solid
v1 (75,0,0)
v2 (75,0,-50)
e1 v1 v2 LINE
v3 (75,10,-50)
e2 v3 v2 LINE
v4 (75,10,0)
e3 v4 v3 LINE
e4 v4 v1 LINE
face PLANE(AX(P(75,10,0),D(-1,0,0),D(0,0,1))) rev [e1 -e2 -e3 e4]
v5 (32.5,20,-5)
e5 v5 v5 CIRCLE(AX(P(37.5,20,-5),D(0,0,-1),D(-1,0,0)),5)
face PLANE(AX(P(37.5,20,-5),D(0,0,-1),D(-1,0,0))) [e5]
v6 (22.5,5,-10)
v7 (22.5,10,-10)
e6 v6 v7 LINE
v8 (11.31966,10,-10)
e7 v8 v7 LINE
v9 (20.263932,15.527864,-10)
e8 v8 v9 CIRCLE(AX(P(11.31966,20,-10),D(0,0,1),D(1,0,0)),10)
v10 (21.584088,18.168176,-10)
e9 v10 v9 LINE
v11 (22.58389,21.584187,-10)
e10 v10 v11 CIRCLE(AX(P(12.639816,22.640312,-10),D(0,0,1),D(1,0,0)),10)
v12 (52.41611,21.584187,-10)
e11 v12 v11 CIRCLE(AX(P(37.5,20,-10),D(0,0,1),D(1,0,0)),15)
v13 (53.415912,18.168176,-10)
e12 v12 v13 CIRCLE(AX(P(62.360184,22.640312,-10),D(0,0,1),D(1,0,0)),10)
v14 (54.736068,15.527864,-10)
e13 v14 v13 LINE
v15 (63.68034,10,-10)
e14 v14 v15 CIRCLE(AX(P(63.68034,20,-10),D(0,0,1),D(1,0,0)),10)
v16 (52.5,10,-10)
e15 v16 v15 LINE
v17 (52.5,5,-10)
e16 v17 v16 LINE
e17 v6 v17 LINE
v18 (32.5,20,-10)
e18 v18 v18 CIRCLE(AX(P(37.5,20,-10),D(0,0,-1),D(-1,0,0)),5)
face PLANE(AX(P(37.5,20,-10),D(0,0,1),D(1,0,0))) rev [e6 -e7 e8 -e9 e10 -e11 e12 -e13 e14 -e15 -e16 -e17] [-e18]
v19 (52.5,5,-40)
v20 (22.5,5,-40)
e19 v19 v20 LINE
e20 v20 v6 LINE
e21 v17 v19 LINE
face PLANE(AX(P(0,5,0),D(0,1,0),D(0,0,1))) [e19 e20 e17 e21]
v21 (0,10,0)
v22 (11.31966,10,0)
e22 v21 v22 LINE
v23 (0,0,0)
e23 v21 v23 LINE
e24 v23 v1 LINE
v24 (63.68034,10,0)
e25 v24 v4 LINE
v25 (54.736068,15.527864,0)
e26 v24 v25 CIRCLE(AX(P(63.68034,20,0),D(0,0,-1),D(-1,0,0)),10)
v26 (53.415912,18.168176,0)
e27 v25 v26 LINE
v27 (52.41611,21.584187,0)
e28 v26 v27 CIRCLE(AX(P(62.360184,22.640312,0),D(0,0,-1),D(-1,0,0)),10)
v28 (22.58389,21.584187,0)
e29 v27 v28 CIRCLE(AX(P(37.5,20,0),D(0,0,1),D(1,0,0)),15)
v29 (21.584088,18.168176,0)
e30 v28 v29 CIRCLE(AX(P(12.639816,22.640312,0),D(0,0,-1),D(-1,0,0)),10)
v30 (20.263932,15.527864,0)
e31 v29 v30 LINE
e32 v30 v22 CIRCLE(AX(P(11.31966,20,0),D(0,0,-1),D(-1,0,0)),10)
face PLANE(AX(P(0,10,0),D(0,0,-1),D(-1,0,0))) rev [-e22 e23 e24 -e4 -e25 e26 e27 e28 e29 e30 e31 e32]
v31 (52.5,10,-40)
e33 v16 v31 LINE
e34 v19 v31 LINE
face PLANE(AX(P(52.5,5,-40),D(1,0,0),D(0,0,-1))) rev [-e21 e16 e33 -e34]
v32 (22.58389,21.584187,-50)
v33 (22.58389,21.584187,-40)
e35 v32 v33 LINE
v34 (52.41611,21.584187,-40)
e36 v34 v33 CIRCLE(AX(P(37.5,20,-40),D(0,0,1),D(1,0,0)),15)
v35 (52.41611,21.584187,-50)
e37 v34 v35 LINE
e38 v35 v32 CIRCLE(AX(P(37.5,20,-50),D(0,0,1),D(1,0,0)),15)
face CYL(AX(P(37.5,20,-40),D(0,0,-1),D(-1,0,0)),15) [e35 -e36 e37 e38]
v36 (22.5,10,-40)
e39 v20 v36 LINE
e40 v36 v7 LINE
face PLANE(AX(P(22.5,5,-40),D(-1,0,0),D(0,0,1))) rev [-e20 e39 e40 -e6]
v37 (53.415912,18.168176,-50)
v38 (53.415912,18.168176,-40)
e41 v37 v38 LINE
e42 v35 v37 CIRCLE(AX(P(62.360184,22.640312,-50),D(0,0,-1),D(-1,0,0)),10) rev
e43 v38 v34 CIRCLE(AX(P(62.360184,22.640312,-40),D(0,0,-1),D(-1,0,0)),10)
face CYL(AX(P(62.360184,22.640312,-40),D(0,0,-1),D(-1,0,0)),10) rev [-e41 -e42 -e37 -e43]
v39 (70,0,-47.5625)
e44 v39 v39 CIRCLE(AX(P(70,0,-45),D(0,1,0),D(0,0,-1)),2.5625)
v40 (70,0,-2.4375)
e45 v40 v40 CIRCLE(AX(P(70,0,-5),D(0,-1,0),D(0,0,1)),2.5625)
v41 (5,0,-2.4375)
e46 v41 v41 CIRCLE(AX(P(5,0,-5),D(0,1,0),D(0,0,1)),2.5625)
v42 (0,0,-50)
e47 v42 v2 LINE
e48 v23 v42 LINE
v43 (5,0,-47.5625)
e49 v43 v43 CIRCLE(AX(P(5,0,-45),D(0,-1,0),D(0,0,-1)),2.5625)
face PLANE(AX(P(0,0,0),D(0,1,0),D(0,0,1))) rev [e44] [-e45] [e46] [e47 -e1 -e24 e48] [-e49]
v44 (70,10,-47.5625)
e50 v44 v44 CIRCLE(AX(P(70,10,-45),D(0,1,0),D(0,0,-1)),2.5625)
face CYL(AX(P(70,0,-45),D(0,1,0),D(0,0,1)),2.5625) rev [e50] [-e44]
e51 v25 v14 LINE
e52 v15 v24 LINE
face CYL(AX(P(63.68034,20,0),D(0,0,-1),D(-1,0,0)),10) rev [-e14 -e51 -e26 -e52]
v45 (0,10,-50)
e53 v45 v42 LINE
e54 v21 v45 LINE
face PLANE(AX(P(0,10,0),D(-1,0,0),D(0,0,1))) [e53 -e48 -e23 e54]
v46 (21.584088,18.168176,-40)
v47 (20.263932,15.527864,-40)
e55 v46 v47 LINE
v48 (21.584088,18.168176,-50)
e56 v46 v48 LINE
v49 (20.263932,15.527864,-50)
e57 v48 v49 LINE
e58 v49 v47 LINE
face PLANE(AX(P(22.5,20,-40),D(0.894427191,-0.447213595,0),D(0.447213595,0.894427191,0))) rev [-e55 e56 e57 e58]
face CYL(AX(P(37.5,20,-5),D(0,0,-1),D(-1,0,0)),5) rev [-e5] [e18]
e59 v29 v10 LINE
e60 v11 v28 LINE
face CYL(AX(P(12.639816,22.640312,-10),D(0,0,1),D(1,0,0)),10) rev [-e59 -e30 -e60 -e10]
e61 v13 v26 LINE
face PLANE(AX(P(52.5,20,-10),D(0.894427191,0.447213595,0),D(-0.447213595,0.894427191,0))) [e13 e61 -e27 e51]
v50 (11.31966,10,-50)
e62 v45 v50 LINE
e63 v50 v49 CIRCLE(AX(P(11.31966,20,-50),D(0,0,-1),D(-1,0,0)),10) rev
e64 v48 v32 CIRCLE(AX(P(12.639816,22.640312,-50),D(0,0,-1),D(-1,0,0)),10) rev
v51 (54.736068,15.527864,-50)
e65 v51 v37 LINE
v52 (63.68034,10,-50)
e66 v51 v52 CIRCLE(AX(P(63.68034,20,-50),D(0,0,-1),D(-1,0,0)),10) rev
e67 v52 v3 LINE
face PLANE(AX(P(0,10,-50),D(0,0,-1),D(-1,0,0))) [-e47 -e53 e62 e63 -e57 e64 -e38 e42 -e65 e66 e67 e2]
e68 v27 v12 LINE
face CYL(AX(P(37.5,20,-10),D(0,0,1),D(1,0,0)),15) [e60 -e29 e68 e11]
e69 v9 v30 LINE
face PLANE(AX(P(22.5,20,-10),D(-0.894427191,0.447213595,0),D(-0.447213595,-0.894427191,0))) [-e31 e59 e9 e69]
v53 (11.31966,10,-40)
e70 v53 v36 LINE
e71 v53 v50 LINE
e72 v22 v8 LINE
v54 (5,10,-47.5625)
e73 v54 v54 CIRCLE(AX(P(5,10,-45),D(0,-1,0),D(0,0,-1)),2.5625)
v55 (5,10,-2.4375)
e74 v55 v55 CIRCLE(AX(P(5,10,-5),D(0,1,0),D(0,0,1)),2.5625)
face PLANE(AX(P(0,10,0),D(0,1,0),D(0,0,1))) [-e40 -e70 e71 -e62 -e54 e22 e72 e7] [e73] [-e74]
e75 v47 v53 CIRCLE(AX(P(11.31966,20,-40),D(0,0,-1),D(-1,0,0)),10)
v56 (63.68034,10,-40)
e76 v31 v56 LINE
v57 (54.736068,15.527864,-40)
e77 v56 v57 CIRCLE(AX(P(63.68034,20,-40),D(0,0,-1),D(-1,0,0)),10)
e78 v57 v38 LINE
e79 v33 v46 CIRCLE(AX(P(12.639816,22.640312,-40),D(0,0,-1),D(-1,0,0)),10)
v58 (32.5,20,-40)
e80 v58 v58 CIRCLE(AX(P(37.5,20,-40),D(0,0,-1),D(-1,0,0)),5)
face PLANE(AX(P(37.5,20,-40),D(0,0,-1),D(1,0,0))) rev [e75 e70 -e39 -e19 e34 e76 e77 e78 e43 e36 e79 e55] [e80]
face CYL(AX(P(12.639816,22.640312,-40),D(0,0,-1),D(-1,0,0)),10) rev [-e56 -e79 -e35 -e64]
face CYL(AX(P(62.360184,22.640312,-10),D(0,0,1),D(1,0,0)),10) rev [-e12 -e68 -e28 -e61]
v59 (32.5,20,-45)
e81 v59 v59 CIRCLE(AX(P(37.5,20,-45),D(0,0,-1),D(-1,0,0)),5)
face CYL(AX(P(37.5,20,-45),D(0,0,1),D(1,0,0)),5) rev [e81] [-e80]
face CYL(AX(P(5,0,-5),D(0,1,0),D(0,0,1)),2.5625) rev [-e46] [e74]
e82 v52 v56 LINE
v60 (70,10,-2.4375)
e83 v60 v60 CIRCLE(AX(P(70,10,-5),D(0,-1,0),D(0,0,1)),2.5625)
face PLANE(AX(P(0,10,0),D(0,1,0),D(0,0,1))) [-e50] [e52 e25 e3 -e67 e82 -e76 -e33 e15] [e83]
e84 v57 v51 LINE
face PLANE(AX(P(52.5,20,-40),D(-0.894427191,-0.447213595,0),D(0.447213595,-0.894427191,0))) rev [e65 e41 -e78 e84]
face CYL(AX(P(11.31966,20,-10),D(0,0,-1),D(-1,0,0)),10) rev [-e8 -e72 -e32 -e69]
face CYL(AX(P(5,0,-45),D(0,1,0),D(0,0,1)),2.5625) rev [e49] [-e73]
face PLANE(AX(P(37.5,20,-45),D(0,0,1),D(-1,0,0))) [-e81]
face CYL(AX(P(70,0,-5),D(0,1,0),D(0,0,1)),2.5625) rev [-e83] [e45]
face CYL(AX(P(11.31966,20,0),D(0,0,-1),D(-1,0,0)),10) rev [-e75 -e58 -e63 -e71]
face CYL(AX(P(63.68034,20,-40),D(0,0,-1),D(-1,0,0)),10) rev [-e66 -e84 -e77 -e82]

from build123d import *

# Parameters (mm, degrees)
SKETCH1_W               = 75
SKETCH1_H               = 50
BOSS_EXTRUDE1_DEPTH     = 10
BOSS_EXTRUDE2_DEPTH     = 10
FILLET1_R               = 10
SKETCH4_R               = 5
CUT_EXTRUDE1_DEPTH      = 5
FILLET1_OF_MIRROR1_R    = 10
SKETCH5_R               = 2.5625
CUT_EXTRUDE2_DEPTH      = 11
MIRROR3_COPY_1_SKETCH_R = 2.5625
MIRROR3_COPY_1_DEPTH    = 11
SKETCH6_W               = 30
SKETCH6_H               = 30
CUT_EXTRUDE3_DEPTH      = 5


with BuildPart() as part:
    # Sketch1 → Boss-Extrude1 (new body)
    with BuildSketch(Plane(origin=(0, 0, 0), x_dir=(1, 0, 0), z_dir=(0, 1, 0))):
        with Locations((37.5, 25)):
            Rectangle(SKETCH1_W, SKETCH1_H)
    extrude(amount=BOSS_EXTRUDE1_DEPTH)

    # Sketch2 → Boss-Extrude2 (add)
    with BuildSketch(Plane.XY):
        with BuildLine():
            Line((52.5, 20), (57.5, 10))
            Line((57.5, 10), (17.5, 10))
            Line((17.5, 10), (22.5, 20))
            ThreePointArc((22.5, 20), (37.5, 35), (52.5, 20))
        make_face()
    boss_extrude2 = extrude(amount=-BOSS_EXTRUDE2_DEPTH)

    # Fillet1
    fillet1_edges = [part.edges().sort_by_distance(p)[0] for p in [
        (22.5, 20, -5),
        (52.5, 20, -5),
        (57.5, 10, -5),
        (17.5, 10, -5),
    ]]
    fillet(fillet1_edges, radius=FILLET1_R)

    # Sketch4 → Cut-Extrude1 (cut)
    with BuildSketch(Plane(origin=(0, 0, -10), x_dir=(-1, 0, 0), z_dir=(0, 0, -1))):
        with Locations((-37.5, 20)):
            Circle(SKETCH4_R)
    cut_extrude1 = extrude(amount=-CUT_EXTRUDE1_DEPTH, mode=Mode.SUBTRACT)

    # Mirror1: Boss-Extrude2, Cut-Extrude1 across plane
    add(boss_extrude2.mirror(Plane(origin=(0, 0, -25), x_dir=(1, 0, 0), z_dir=(0, 0, -1))))
    add(cut_extrude1.mirror(Plane(origin=(0, 0, -25), x_dir=(1, 0, 0), z_dir=(0, 0, -1))), mode=Mode.SUBTRACT)

    # Fillet1 of Mirror1
    fillet1_of_mirror1_edges = [part.edges().sort_by_distance(p)[0] for p in [
        (22.5, 20, -45),
        (52.5, 20, -45),
        (57.5, 10, -45),
        (17.5, 10, -45),
    ]]
    fillet(fillet1_of_mirror1_edges, radius=FILLET1_OF_MIRROR1_R)

    # Sketch5 → Cut-Extrude2 (cut, through all)
    with BuildSketch(Plane(origin=(0, 10, 0), x_dir=(1, 0, 0), z_dir=(0, 1, 0))):
        with Locations((5, 5)):
            Circle(SKETCH5_R)
    cut_extrude2 = extrude(amount=-CUT_EXTRUDE2_DEPTH, mode=Mode.SUBTRACT)

    # Mirror2: Cut-Extrude2 across plane
    add(cut_extrude2.mirror(Plane(origin=(0, 0, -25), x_dir=(1, 0, 0), z_dir=(0, 0, -1))), mode=Mode.SUBTRACT)

    # Mirror3: Cut-Extrude2 across plane
    add(cut_extrude2.mirror(Plane(origin=(37.5, 0, 0), x_dir=(0, 0, 1), z_dir=(1, 0, 0))), mode=Mode.SUBTRACT)

    # Mirror3 copy 1 sketch → Mirror3 copy 1 (cut, through all)
    with BuildSketch(Plane(origin=(75, 10, -50), x_dir=(-1, 0, 0), z_dir=(0, 1, 0))):
        with Locations((5, 5)):
            Circle(MIRROR3_COPY_1_SKETCH_R)
    extrude(amount=-MIRROR3_COPY_1_DEPTH, mode=Mode.SUBTRACT)

    # Sketch6 → Cut-Extrude3 (cut)
    with BuildSketch(Plane(origin=(0, 10, 0), x_dir=(1, 0, 0), z_dir=(0, 1, 0))):
        with Locations((37.5, 25)):
            Rectangle(SKETCH6_W, SKETCH6_H)
    extrude(amount=-CUT_EXTRUDE3_DEPTH, mode=Mode.SUBTRACT)


solid = part.part
